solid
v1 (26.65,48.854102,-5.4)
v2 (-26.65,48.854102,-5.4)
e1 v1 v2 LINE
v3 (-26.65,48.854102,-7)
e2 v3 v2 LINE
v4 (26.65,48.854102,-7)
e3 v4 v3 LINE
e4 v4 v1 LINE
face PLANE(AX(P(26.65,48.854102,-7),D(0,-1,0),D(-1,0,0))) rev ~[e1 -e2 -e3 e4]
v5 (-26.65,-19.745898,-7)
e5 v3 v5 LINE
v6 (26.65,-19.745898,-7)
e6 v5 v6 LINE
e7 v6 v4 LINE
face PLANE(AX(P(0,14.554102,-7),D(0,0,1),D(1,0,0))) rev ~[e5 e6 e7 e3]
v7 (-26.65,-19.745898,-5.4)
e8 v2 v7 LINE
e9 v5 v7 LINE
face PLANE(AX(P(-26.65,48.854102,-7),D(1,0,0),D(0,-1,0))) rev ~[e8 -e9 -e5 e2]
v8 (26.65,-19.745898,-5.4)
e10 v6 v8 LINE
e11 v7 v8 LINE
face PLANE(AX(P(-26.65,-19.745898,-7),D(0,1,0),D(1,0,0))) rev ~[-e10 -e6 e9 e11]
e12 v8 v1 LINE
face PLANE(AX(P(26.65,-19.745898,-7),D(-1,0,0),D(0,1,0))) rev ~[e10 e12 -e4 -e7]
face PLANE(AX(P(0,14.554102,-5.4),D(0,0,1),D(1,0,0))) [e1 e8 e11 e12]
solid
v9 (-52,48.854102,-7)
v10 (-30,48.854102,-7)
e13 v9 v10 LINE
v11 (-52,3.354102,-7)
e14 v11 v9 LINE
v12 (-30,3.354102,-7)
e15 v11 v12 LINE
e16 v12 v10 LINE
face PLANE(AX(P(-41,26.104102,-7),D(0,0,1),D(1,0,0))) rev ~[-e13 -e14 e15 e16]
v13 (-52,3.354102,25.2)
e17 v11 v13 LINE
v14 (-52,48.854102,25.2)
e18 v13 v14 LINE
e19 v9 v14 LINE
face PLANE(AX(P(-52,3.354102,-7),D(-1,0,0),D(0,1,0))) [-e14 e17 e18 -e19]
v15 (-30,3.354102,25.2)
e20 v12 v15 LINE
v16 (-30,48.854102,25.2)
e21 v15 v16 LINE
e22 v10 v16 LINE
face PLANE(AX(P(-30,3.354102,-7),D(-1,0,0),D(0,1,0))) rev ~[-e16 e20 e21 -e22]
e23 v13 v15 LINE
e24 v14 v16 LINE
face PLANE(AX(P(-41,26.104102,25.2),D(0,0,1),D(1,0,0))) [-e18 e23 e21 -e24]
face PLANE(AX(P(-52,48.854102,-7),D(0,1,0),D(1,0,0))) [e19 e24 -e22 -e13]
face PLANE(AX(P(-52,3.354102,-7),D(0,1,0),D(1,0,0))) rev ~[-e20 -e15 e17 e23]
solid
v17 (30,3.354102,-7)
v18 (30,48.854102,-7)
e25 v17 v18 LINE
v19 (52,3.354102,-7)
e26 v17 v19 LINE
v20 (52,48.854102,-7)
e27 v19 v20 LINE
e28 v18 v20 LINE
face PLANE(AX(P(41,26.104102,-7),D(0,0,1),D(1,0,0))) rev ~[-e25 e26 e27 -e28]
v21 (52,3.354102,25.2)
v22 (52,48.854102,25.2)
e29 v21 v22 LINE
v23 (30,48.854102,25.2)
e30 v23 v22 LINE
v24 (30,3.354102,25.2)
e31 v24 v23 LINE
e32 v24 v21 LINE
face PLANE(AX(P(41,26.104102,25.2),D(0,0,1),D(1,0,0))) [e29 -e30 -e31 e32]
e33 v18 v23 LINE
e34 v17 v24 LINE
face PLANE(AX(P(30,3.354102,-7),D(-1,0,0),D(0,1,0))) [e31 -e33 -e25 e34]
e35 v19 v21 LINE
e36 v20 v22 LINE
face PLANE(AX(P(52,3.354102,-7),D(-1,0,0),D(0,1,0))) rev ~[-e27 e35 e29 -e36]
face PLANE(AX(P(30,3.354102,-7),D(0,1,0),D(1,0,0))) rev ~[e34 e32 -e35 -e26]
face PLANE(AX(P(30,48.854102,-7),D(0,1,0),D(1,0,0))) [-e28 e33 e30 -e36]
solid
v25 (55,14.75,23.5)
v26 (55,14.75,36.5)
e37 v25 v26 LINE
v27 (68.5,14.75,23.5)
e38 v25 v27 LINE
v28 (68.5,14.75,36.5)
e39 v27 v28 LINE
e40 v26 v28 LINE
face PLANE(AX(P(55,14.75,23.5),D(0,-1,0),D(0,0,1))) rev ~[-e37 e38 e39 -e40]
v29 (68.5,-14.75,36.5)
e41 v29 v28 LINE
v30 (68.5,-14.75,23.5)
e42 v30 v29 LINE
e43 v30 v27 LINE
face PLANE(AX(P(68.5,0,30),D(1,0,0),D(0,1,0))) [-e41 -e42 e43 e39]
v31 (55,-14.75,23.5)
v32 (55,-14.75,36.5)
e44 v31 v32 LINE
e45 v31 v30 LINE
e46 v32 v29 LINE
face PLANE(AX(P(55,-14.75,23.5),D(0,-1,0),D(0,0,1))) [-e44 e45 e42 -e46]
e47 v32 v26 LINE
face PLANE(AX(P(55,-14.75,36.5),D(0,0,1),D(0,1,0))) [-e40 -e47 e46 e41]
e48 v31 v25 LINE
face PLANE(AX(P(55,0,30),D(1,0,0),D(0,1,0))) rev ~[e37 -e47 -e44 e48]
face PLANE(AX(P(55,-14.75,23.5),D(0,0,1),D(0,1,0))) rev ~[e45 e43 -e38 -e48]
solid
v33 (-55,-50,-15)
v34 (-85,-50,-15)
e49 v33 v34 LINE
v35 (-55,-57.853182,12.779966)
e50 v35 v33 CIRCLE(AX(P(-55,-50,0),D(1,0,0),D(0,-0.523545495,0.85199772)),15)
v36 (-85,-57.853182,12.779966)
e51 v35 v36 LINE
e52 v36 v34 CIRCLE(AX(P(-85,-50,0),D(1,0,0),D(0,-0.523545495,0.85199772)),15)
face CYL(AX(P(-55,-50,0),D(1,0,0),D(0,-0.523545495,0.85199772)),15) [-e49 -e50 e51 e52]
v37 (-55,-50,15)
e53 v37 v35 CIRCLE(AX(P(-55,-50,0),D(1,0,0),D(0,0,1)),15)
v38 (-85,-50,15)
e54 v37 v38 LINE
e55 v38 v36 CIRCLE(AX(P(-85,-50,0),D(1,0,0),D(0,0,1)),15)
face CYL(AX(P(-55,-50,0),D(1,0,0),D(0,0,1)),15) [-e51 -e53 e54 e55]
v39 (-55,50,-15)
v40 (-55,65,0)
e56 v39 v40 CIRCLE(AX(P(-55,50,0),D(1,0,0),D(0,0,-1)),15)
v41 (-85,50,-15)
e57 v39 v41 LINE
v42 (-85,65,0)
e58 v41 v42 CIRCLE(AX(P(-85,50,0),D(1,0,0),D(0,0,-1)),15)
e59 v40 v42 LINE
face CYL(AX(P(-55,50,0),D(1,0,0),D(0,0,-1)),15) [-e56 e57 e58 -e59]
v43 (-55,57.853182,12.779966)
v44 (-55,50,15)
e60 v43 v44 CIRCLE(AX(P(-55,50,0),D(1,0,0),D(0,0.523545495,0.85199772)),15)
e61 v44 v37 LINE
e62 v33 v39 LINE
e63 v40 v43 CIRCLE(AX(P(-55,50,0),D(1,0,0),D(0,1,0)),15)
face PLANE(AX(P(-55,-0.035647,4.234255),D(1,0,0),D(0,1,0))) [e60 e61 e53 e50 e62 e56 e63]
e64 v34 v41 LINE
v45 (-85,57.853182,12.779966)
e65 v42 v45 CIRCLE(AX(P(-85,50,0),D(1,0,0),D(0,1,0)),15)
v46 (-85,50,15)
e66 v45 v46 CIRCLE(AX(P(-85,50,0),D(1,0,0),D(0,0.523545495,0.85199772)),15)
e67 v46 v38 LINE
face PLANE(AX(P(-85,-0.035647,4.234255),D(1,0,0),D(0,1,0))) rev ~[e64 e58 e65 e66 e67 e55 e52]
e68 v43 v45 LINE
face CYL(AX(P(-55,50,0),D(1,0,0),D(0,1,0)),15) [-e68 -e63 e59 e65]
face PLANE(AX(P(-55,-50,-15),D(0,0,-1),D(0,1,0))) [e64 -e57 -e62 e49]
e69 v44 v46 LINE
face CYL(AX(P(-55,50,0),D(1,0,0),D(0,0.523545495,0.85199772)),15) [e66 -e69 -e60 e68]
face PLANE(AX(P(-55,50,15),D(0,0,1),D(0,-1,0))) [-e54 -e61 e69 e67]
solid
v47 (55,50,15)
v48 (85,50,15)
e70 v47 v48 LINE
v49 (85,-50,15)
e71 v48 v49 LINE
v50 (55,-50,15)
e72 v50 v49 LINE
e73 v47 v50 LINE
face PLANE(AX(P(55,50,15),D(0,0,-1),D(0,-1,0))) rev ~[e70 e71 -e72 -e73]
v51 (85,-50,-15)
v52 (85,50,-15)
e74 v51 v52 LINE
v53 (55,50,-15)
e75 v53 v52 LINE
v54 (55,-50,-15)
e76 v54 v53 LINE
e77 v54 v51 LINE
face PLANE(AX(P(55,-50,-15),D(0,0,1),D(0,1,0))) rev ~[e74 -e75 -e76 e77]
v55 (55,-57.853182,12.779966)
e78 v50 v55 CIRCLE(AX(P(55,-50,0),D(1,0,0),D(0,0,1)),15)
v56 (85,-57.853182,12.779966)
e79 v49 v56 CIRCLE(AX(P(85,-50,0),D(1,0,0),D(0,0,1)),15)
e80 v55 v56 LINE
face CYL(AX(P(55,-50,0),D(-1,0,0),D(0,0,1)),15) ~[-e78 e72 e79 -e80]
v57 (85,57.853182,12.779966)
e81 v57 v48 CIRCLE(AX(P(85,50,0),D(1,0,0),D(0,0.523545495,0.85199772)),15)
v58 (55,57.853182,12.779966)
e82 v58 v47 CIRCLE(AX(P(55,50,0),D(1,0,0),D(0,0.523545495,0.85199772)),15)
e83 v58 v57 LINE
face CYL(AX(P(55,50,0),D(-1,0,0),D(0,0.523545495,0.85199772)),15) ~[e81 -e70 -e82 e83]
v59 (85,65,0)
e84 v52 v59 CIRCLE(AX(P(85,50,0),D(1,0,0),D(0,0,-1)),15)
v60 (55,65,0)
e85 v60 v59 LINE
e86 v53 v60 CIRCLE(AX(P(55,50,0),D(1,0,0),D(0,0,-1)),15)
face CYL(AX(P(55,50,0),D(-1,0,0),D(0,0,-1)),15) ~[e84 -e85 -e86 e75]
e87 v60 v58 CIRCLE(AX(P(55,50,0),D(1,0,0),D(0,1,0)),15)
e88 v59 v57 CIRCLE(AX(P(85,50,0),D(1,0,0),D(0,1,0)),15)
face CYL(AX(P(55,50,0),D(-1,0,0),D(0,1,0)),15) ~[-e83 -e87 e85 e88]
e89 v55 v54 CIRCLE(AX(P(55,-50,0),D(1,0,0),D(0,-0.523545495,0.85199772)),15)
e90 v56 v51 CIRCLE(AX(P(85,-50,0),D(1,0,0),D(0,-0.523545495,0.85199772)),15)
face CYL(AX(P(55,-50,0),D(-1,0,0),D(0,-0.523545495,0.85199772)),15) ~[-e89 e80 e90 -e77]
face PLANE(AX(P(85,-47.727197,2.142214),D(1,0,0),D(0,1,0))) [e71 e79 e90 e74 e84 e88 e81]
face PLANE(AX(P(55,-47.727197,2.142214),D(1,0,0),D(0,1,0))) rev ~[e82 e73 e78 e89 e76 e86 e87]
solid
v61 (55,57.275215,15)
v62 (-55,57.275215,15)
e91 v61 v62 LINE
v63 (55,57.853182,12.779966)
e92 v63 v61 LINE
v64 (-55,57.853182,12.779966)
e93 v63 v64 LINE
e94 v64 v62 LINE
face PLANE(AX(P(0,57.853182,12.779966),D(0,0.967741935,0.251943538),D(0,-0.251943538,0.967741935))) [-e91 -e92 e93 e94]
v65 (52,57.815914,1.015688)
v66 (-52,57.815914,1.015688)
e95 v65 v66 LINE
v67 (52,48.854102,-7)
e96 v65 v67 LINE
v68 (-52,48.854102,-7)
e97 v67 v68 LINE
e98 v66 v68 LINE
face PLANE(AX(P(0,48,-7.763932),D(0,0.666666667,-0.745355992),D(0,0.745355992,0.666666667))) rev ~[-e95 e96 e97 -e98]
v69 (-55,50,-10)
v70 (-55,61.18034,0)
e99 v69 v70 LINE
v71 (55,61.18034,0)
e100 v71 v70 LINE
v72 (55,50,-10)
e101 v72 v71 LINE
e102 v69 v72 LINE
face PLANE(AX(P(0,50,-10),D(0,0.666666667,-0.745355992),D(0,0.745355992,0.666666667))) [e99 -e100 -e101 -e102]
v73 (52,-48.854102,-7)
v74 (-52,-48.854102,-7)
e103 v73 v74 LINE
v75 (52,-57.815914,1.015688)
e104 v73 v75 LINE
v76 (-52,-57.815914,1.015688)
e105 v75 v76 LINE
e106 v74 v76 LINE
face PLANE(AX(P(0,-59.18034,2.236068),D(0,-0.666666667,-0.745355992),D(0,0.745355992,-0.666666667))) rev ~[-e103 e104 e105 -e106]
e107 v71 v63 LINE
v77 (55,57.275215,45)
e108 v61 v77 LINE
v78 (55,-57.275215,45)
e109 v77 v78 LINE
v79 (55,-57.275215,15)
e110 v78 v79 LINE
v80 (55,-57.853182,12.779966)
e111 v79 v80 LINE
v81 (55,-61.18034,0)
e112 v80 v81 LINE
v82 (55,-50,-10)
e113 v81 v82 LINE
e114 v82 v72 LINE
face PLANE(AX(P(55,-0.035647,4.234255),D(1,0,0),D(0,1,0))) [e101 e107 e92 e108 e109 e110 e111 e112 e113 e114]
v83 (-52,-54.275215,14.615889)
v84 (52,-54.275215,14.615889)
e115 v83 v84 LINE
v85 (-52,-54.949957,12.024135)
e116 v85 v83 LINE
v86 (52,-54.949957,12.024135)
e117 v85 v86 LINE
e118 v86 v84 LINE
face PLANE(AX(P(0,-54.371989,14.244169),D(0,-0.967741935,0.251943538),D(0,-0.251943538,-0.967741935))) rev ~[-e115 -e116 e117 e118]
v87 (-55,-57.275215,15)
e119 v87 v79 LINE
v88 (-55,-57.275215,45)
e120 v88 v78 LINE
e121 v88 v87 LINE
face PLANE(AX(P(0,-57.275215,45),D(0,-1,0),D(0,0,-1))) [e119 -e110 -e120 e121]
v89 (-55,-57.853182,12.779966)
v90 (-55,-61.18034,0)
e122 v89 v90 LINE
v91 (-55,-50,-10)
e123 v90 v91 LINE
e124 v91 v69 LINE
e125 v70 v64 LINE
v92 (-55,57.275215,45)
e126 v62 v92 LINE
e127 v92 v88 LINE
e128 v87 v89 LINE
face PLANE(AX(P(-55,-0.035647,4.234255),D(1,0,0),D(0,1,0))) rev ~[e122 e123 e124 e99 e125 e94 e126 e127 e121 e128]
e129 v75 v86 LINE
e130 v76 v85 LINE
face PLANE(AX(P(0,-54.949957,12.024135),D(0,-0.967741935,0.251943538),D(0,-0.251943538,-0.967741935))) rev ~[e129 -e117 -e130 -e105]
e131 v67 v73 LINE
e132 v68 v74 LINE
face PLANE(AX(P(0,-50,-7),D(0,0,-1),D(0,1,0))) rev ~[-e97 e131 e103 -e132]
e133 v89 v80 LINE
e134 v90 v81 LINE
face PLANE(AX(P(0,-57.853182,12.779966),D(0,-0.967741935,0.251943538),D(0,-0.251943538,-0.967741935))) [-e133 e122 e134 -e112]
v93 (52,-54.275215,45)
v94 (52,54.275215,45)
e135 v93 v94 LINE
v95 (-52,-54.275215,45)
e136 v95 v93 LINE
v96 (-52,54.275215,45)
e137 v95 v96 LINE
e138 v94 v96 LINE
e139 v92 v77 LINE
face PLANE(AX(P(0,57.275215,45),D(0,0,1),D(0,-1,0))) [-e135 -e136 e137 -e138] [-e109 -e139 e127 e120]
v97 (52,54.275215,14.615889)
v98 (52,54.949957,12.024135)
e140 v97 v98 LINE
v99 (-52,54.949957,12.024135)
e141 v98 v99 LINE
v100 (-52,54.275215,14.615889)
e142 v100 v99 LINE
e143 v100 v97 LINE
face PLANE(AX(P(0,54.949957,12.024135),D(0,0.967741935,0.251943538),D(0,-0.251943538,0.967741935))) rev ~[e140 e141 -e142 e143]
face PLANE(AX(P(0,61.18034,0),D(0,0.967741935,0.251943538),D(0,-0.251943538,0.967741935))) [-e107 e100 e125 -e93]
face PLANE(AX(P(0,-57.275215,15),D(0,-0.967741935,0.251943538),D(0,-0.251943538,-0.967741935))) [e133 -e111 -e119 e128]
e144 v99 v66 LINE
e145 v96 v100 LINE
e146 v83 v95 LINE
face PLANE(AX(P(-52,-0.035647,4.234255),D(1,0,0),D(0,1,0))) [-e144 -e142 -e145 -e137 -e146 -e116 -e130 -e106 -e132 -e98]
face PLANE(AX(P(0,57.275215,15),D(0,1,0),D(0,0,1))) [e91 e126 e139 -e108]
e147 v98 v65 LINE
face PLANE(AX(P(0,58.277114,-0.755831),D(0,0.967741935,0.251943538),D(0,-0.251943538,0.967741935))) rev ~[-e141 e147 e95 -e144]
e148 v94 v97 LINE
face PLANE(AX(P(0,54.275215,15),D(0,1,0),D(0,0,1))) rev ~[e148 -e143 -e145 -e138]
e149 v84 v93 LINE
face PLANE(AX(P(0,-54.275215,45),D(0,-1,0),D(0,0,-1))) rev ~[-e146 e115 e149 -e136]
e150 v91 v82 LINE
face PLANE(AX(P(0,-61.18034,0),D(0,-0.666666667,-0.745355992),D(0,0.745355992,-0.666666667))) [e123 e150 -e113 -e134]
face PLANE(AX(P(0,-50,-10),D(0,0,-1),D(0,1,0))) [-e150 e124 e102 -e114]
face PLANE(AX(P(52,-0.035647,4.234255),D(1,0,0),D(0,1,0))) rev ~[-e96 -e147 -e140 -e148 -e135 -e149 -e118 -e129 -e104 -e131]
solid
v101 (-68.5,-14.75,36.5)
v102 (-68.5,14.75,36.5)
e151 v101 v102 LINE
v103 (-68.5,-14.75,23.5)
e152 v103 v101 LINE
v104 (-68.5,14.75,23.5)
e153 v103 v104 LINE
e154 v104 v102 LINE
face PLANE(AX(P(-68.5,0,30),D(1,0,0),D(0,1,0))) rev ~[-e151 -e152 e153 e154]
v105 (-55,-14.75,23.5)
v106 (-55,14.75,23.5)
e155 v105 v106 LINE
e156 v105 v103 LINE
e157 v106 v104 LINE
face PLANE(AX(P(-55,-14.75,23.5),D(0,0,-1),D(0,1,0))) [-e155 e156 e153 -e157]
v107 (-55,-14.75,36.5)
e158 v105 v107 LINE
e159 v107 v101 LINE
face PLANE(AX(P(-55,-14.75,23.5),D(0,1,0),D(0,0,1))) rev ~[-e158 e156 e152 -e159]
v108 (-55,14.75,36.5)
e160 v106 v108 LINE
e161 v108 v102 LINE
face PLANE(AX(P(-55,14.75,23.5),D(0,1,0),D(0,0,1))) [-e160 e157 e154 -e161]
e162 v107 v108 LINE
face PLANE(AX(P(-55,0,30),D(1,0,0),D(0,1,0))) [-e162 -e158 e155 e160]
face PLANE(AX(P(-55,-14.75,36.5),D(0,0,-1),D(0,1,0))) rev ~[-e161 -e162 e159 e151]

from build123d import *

# Parameters (mm, degrees)
F0_W     = 29.5
F0_H     = 13
F1_DEPTH = 55
F2_START = 55
F2_DEPTH = 30
F3_START = -55
F3_DEPTH = 30
F4_T     = -3
F5_W     = 22
F5_H     = 45.5
F6_DEPTH = 32.2
F7_DEPTH = 1.6
F8_START = 55
F8_DEPTH = 13.5
F9_START = -55
F9_DEPTH = 13.5


with BuildPart() as f1:
    # F0 (on Right) → F1 (new body, symmetric)
    with BuildSketch(Plane.YZ):
        with BuildLine():
            Line((0, -10), (38.8196601125, -10))
            ThreePointArc((38.8196601125, -10), (36.3069360624, 6.123724357), (50, 15))
            Line((50, 15), (-50, 15))
            ThreePointArc((-50, 15), (-39.3933982822, 10.6066017178), (-35, 0))
            ThreePointArc((-35, 0), (-35.9874146156, -5.3523313466), (-38.8196601125, -10))
            Line((-38.8196601125, -10), (0, -10))
        make_face()
        with BuildLine():
            ThreePointArc((50, 15), (36.3069360624, 6.123724357), (38.8196601125, -10))
            Line((38.8196601125, -10), (50, -10))
            Line((50, -10), (61.1803398875, 0))
            Line((61.1803398875, 0), (57.8531824307, 12.7799657946))
            ThreePointArc((57.8531824307, 12.7799657946), (54.0804725879, 14.434325182), (50, 15))
        make_face()
        with BuildLine():
            ThreePointArc((-50, 15), (-54.0804725879, 14.434325182), (-57.8531824307, 12.7799657946))
            Line((-57.8531824307, 12.7799657946), (-61.1803398875, 0))
            Line((-61.1803398875, 0), (-50, -10))
            Line((-50, -10), (-38.8196601125, -10))
            ThreePointArc((-38.8196601125, -10), (-35.9874146156, -5.3523313466), (-35, 0))
            ThreePointArc((-35, 0), (-39.3933982822, 10.6066017178), (-50, 15))
        make_face()
        with BuildLine():
            Line((-57.2752150495, 15), (-57.8531824307, 12.7799657946))
            ThreePointArc((-57.8531824307, 12.7799657946), (-54.0804725879, 14.434325182), (-50, 15))
            Line((-50, 15), (-57.2752150495, 15))
        make_face()
        with BuildLine():
            ThreePointArc((50, 15), (54.0804725879, 14.434325182), (57.8531824307, 12.7799657946))
            Line((57.8531824307, 12.7799657946), (57.2752150495, 15))
            Line((57.2752150495, 15), (50, 15))
        make_face()
        Polygon((-50, 15), (50, 15), (57.2752150495, 15), (57.2752150495, 45), (-57.2752150495, 45), (-57.2752150495, 15), align=None)
        with Locations((0, 30)):
            Rectangle(F0_W, F0_H, mode=Mode.SUBTRACT)
        with Locations((0, 30)):
            Rectangle(F0_W, F0_H)
    extrude(amount=F1_DEPTH, both=True)

    # F4
    f4_openings = [f1.faces().sort_by_distance(p)[0] for p in [
        (0, 0, 45),
    ]]
    offset(amount=F4_T, openings=f4_openings, kind=Kind.INTERSECTION)


with BuildPart() as f2:
    # F0 (on Right) → F2 (new body)
    with BuildSketch(Plane.YZ.offset(F2_START)):
        with BuildLine():
            ThreePointArc((-50, 15), (-54.0804725879, 14.434325182), (-57.8531824307, 12.7799657946))
            Line((-57.8531824307, 12.7799657946), (-61.1803398875, 0))
            Line((-61.1803398875, 0), (-50, -10))
            Line((-50, -10), (-38.8196601125, -10))
            ThreePointArc((-38.8196601125, -10), (-35.9874146156, -5.3523313466), (-35, 0))
            ThreePointArc((-35, 0), (-39.3933982822, 10.6066017178), (-50, 15))
        make_face()
        with BuildLine():
            ThreePointArc((-57.8531824307, 12.7799657946), (-64.434325182, -4.0804725879), (-50, -15))
            ThreePointArc((-50, -15), (-43.876275643, -13.6930639376), (-38.8196601125, -10))
            Line((-38.8196601125, -10), (-50, -10))
            Line((-50, -10), (-61.1803398875, 0))
            Line((-61.1803398875, 0), (-57.8531824307, 12.7799657946))
        make_face()
        with BuildLine():
            ThreePointArc((50, 15), (36.3069360624, 6.123724357), (38.8196601125, -10))
            Line((38.8196601125, -10), (50, -10))
            Line((50, -10), (61.1803398875, 0))
            Line((61.1803398875, 0), (57.8531824307, 12.7799657946))
            ThreePointArc((57.8531824307, 12.7799657946), (54.0804725879, 14.434325182), (50, 15))
        make_face()
        with BuildLine():
            Line((0, -10), (38.8196601125, -10))
            ThreePointArc((38.8196601125, -10), (36.3069360624, 6.123724357), (50, 15))
            Line((50, 15), (-50, 15))
            ThreePointArc((-50, 15), (-39.3933982822, 10.6066017178), (-35, 0))
            ThreePointArc((-35, 0), (-35.9874146156, -5.3523313466), (-38.8196601125, -10))
            Line((-38.8196601125, -10), (0, -10))
        make_face()
        with BuildLine():
            ThreePointArc((38.8196601125, -10), (43.876275643, -13.6930639376), (50, -15))
            ThreePointArc((50, -15), (60.6066017178, -10.6066017178), (65, 0))
            ThreePointArc((65, 0), (63.0919390554, 7.3212793807), (57.8531824307, 12.7799657946))
            Line((57.8531824307, 12.7799657946), (61.1803398875, 0))
            Line((61.1803398875, 0), (50, -10))
            Line((50, -10), (38.8196601125, -10))
        make_face()
        with BuildLine():
            Line((-50, -15), (50, -15))
            ThreePointArc((50, -15), (43.876275643, -13.6930639376), (38.8196601125, -10))
            Line((38.8196601125, -10), (0, -10))
            Line((0, -10), (-38.8196601125, -10))
            ThreePointArc((-38.8196601125, -10), (-43.876275643, -13.6930639376), (-50, -15))
        make_face()
    extrude(amount=F2_DEPTH)


with BuildPart() as f3:
    # F0 (on Right) → F3 (new body)
    with BuildSketch(Plane.YZ.offset(F3_START)):
        with BuildLine():
            Line((0, -10), (38.8196601125, -10))
            ThreePointArc((38.8196601125, -10), (36.3069360624, 6.123724357), (50, 15))
            Line((50, 15), (-50, 15))
            ThreePointArc((-50, 15), (-39.3933982822, 10.6066017178), (-35, 0))
            ThreePointArc((-35, 0), (-35.9874146156, -5.3523313466), (-38.8196601125, -10))
            Line((-38.8196601125, -10), (0, -10))
        make_face()
        with BuildLine():
            ThreePointArc((-57.8531824307, 12.7799657946), (-64.434325182, -4.0804725879), (-50, -15))
            ThreePointArc((-50, -15), (-43.876275643, -13.6930639376), (-38.8196601125, -10))
            Line((-38.8196601125, -10), (-50, -10))
            Line((-50, -10), (-61.1803398875, 0))
            Line((-61.1803398875, 0), (-57.8531824307, 12.7799657946))
        make_face()
        with BuildLine():
            ThreePointArc((38.8196601125, -10), (43.876275643, -13.6930639376), (50, -15))
            ThreePointArc((50, -15), (60.6066017178, -10.6066017178), (65, 0))
            ThreePointArc((65, 0), (63.0919390554, 7.3212793807), (57.8531824307, 12.7799657946))
            Line((57.8531824307, 12.7799657946), (61.1803398875, 0))
            Line((61.1803398875, 0), (50, -10))
            Line((50, -10), (38.8196601125, -10))
        make_face()
        with BuildLine():
            ThreePointArc((50, 15), (36.3069360624, 6.123724357), (38.8196601125, -10))
            Line((38.8196601125, -10), (50, -10))
            Line((50, -10), (61.1803398875, 0))
            Line((61.1803398875, 0), (57.8531824307, 12.7799657946))
            ThreePointArc((57.8531824307, 12.7799657946), (54.0804725879, 14.434325182), (50, 15))
        make_face()
        with BuildLine():
            Line((-50, -15), (50, -15))
            ThreePointArc((50, -15), (43.876275643, -13.6930639376), (38.8196601125, -10))
            Line((38.8196601125, -10), (0, -10))
            Line((0, -10), (-38.8196601125, -10))
            ThreePointArc((-38.8196601125, -10), (-43.876275643, -13.6930639376), (-50, -15))
        make_face()
        with BuildLine():
            ThreePointArc((-50, 15), (-54.0804725879, 14.434325182), (-57.8531824307, 12.7799657946))
            Line((-57.8531824307, 12.7799657946), (-61.1803398875, 0))
            Line((-61.1803398875, 0), (-50, -10))
            Line((-50, -10), (-38.8196601125, -10))
            ThreePointArc((-38.8196601125, -10), (-35.9874146156, -5.3523313466), (-35, 0))
            ThreePointArc((-35, 0), (-39.3933982822, 10.6066017178), (-50, 15))
        make_face()
    extrude(amount=-F3_DEPTH)


with BuildPart() as f6:
    # F5 (on face) → F6 (new body)
    with BuildSketch(Plane.XY.offset(-7)):
        with Locations((-41, 26.1041019662)):
            Rectangle(F5_W, F5_H)
    extrude(amount=F6_DEPTH)


with BuildPart() as f6b:
    # F5 (on face) → F6, piece 2 (new body)
    with BuildSketch(Plane.XY.offset(-7)):
        with Locations((41, 26.1041019662)):
            Rectangle(F5_W, F5_H)
    extrude(amount=F6_DEPTH)


with BuildPart() as f7:
    # F5 (on face) → F7 (new body)
    with BuildSketch(Plane.XY.offset(-7)):
        Polygon((0, 48.8541019662), (-26.65, 48.8541019662), (-26.65, -19.7458980338), (26.65, -19.7458980338), (26.65, 48.8541019662), align=None)
    extrude(amount=F7_DEPTH)


with BuildPart() as f8:
    # F0 (on Right) → F8 (new body)
    with BuildSketch(Plane.YZ.offset(F8_START)):
        with Locations((0, 30)):
            Rectangle(F0_W, F0_H)
    extrude(amount=F8_DEPTH)


with BuildPart() as f9:
    # F0 (on Right) → F9 (new body)
    with BuildSketch(Plane.YZ.offset(F9_START)):
        with Locations((0, 30)):
            Rectangle(F0_W, F0_H)
    extrude(amount=-F9_DEPTH)


solid = Compound([f1.part, f2.part, f3.part, f6.part, f6b.part, f7.part, f8.part, f9.part])
